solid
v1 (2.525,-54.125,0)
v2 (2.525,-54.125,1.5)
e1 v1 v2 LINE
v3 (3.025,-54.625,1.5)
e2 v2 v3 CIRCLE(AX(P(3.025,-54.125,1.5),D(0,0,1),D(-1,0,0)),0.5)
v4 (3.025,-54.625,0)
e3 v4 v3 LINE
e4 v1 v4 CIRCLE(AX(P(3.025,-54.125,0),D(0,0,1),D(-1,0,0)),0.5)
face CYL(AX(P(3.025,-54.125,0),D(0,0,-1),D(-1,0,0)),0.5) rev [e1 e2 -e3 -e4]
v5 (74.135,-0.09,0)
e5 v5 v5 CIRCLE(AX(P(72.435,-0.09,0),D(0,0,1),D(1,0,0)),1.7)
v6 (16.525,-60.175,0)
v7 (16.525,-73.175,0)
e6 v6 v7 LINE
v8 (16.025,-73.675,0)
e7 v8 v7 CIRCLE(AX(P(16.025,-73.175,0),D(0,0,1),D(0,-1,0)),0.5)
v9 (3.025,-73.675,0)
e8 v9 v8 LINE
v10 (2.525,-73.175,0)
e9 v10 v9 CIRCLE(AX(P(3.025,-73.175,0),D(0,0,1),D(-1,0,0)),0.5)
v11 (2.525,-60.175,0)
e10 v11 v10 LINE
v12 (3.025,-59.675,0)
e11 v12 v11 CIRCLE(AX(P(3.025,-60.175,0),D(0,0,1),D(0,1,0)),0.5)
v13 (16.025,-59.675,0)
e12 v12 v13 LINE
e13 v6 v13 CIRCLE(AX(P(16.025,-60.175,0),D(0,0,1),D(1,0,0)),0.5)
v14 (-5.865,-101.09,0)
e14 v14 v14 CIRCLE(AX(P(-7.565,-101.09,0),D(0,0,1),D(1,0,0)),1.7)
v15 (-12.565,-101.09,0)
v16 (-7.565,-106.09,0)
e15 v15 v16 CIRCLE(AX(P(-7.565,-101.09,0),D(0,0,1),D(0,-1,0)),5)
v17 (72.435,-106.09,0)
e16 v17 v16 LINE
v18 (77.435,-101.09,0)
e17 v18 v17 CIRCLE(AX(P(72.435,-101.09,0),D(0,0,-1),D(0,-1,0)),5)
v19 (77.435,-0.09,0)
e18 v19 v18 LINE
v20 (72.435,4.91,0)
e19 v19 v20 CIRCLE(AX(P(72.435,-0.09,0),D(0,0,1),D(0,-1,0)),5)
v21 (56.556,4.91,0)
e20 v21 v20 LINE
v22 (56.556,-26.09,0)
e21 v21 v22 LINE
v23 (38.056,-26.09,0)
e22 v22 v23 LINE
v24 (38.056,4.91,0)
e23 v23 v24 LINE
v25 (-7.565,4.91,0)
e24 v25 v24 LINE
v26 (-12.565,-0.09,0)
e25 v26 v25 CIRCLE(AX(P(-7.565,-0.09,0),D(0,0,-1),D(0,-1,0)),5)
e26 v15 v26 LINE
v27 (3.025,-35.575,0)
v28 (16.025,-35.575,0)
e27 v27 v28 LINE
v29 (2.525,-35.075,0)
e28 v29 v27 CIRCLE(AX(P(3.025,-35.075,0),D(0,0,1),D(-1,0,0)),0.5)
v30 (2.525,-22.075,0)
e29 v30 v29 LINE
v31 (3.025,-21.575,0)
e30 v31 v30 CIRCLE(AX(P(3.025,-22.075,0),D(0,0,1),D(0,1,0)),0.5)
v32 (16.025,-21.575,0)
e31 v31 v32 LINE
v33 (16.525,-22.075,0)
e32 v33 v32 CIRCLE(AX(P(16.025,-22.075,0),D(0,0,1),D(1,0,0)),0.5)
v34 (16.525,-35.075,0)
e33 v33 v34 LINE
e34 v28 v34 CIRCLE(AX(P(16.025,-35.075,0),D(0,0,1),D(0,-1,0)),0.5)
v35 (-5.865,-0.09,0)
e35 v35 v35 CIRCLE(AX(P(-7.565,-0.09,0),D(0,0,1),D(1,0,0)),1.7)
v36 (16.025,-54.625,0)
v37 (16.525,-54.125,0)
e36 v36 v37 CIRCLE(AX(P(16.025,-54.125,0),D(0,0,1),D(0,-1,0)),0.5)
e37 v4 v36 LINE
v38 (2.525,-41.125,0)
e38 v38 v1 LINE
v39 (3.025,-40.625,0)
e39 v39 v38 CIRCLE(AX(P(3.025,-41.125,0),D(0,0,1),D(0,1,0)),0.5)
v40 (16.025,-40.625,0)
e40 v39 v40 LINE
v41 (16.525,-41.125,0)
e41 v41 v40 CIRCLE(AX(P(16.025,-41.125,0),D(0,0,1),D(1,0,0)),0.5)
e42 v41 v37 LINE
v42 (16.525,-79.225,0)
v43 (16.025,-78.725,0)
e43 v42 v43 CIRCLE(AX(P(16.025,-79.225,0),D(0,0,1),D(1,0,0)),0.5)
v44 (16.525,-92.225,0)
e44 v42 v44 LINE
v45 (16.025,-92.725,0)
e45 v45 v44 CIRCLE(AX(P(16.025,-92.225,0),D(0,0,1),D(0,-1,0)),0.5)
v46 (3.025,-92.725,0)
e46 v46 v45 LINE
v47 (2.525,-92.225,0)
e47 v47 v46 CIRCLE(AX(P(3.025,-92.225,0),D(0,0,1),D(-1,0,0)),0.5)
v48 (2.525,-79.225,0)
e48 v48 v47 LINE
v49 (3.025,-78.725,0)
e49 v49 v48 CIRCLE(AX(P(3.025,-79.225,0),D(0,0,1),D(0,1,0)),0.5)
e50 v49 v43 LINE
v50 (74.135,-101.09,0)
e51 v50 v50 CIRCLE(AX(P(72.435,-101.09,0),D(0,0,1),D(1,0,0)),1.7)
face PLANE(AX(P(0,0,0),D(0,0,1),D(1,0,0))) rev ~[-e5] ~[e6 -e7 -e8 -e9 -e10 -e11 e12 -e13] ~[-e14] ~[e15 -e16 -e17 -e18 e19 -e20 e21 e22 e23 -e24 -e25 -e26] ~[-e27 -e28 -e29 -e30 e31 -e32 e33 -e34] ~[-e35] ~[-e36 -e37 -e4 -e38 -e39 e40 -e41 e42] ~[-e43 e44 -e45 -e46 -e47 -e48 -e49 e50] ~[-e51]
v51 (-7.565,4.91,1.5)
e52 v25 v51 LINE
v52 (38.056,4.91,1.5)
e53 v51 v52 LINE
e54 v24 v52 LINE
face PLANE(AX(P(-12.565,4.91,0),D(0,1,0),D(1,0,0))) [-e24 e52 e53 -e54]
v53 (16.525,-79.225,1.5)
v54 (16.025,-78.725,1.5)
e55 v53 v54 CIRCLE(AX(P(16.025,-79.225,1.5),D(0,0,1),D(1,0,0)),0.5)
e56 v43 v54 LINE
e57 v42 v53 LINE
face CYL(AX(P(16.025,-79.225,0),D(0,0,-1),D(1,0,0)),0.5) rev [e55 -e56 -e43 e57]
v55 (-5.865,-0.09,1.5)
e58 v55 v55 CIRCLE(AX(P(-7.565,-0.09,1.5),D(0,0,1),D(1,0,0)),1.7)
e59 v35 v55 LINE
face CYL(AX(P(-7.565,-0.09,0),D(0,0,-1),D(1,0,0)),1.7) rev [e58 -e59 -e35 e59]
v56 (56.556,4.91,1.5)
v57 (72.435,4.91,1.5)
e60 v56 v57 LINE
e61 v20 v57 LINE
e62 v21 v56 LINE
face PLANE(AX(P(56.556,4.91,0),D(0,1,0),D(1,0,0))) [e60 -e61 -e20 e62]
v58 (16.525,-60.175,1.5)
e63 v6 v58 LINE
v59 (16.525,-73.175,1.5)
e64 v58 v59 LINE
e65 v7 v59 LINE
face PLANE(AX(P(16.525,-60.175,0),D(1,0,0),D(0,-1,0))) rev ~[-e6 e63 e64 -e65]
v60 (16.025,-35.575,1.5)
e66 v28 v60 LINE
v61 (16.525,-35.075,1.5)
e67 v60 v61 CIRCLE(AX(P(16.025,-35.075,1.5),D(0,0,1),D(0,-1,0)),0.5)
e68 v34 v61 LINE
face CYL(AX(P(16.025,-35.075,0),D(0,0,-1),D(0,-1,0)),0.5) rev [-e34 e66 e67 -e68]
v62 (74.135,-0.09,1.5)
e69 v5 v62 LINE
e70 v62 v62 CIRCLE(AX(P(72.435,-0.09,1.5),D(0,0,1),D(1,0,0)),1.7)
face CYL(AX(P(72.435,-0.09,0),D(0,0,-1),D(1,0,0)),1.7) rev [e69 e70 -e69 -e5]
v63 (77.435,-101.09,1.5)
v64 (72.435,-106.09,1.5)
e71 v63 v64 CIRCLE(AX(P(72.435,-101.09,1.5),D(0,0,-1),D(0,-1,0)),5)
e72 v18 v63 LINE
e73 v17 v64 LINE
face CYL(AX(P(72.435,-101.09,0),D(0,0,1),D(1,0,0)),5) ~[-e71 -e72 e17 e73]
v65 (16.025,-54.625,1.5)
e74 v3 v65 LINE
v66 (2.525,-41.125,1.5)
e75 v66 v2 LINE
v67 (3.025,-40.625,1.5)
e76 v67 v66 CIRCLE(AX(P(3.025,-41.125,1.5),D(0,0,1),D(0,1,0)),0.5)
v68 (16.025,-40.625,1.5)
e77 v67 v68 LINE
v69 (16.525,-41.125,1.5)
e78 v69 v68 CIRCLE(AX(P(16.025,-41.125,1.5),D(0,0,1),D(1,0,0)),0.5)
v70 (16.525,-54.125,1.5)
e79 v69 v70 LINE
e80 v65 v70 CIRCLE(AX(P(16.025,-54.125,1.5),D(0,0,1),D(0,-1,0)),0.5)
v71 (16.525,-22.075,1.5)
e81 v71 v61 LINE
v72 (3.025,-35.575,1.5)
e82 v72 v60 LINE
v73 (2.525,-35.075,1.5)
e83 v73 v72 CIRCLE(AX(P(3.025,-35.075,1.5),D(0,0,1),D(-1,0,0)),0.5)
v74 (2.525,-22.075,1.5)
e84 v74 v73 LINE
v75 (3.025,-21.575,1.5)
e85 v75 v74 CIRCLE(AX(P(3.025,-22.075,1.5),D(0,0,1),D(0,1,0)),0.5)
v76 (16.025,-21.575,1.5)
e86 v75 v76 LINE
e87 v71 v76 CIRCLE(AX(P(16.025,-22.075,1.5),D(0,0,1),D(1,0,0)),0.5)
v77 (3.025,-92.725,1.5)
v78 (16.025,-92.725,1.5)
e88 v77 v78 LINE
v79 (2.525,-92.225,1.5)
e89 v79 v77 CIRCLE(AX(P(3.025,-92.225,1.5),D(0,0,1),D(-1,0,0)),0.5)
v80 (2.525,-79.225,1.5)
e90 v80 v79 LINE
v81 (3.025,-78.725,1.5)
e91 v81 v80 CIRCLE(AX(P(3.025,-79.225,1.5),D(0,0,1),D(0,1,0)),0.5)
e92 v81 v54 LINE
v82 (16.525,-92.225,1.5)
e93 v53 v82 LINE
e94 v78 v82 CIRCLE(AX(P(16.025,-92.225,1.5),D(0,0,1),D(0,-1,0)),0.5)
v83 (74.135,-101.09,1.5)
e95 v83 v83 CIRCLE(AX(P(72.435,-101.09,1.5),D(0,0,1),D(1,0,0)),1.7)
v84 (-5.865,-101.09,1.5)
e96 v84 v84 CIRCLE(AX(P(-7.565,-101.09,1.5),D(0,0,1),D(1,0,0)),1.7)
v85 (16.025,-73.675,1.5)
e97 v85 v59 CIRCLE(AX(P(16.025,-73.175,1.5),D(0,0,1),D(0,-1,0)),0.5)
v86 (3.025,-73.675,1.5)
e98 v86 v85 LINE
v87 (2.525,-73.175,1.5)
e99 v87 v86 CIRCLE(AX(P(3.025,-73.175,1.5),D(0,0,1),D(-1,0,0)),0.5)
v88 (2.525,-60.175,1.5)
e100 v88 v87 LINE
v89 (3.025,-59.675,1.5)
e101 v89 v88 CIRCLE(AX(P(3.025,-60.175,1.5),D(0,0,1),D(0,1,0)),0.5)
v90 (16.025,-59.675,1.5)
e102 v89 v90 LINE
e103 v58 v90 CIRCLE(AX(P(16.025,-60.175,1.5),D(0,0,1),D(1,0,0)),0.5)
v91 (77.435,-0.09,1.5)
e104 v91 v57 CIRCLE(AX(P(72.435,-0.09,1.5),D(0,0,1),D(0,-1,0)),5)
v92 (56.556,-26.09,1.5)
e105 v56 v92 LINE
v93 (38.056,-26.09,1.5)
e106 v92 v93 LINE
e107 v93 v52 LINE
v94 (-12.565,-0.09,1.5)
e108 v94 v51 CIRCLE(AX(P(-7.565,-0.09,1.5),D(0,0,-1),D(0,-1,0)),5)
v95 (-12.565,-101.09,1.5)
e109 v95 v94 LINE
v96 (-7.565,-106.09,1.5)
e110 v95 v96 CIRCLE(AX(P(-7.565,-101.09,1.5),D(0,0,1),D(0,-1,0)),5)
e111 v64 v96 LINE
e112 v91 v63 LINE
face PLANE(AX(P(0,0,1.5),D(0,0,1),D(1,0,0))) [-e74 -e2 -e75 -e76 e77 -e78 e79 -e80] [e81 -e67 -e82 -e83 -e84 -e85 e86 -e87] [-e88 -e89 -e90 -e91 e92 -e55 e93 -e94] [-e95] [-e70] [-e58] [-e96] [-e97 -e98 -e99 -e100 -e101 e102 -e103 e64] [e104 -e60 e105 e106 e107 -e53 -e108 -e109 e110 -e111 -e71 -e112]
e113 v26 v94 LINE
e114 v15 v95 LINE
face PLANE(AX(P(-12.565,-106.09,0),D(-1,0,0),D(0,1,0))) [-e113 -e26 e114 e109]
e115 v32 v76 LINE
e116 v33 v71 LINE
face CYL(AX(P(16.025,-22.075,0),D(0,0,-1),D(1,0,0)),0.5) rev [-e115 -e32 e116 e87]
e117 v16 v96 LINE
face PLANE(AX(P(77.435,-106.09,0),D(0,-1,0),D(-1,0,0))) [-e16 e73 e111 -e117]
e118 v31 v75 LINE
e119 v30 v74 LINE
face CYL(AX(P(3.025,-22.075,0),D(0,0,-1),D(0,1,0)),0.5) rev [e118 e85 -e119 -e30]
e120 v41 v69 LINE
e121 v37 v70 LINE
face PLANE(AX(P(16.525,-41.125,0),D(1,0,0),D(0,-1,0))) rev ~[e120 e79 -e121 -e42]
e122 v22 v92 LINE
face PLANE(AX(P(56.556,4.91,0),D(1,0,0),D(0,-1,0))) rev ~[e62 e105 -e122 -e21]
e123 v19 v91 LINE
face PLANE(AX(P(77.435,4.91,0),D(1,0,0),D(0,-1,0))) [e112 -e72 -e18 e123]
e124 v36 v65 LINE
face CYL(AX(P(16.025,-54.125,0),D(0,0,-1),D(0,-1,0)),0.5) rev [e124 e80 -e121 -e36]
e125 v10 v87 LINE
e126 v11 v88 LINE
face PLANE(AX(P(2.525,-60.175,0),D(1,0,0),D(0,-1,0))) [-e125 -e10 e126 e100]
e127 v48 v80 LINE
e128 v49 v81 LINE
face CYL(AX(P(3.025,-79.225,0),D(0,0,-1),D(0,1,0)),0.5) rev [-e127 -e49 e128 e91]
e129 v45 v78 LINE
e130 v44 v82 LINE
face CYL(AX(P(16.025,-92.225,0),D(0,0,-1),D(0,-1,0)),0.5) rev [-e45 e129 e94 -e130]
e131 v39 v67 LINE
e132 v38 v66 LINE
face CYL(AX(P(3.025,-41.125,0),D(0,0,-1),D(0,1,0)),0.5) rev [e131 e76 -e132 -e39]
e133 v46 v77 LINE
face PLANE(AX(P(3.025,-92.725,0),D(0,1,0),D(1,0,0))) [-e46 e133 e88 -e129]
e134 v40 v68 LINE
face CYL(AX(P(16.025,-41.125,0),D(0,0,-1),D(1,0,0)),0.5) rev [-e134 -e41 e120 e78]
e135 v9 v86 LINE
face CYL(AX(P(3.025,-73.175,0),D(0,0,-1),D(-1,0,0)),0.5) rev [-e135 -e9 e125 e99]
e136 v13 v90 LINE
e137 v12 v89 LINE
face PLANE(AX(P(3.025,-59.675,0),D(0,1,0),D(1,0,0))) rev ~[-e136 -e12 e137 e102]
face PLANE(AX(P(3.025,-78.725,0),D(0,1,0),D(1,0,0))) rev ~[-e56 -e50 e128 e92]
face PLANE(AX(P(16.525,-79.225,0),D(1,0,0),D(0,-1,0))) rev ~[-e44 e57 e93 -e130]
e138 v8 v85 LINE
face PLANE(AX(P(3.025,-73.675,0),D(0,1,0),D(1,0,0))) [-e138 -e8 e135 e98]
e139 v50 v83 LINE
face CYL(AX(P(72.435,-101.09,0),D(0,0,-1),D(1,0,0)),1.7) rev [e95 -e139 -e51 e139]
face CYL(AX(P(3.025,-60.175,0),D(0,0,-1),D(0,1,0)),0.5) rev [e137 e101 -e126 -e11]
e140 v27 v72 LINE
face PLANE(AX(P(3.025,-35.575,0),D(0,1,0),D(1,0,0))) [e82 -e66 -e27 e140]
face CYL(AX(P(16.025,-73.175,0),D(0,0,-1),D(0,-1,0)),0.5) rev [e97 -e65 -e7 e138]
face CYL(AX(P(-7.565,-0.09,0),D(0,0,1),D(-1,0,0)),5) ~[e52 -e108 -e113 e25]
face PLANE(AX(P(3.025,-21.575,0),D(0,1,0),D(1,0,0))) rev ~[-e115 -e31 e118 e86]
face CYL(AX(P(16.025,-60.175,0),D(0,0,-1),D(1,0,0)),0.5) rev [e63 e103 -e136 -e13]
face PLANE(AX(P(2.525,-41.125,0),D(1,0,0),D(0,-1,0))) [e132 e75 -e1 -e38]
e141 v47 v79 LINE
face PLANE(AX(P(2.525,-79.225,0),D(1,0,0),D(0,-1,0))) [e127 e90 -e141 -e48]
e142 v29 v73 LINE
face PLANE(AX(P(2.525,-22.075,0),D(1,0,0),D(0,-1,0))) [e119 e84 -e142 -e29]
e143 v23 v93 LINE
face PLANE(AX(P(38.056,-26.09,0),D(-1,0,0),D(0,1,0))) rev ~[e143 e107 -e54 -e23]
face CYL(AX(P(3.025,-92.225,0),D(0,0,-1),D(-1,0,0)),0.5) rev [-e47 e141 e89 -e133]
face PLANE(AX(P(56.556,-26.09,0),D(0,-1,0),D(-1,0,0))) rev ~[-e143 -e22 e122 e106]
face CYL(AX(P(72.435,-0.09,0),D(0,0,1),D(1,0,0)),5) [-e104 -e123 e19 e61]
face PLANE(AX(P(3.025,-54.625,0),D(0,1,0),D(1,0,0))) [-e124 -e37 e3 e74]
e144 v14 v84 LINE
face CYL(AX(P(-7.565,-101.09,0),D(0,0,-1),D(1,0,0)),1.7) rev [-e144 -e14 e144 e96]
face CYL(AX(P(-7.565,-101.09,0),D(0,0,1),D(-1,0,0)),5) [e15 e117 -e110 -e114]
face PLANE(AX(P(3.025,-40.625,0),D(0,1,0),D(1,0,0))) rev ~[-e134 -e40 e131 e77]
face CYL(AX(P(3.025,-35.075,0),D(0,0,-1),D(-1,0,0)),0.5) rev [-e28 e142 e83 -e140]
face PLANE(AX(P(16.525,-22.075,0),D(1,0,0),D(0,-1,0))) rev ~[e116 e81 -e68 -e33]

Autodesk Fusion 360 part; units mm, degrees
sketch "plate-2026-01-10T16_34_53.983Z" plane through (0, 0, 0) normal (0, 0, 1) x (1, 0, 0)
  line L0 (3.025, -21.575) -> (16.025, -21.575)
  line L1 (3.025, -35.575) -> (16.025, -35.575)
  line L2 (2.525, -22.075) -> (2.525, -35.075)
  line L3 (16.525, -22.075) -> (16.525, -35.075)
  arc A0 (3.025, -21.575) -> (2.525, -22.075) centre (3.025, -22.075) ccw
  arc A1 (16.525, -22.075) -> (16.025, -21.575) centre (16.025, -22.075) ccw
  arc A2 (2.525, -35.075) -> (3.025, -35.575) centre (3.025, -35.075) ccw
  arc A3 (16.025, -35.575) -> (16.525, -35.075) centre (16.025, -35.075) ccw
  line L4 (3.025, -40.625) -> (16.025, -40.625)
  line L5 (3.025, -54.625) -> (16.025, -54.625)
  line L6 (2.525, -41.125) -> (2.525, -54.125)
  line L7 (16.525, -41.125) -> (16.525, -54.125)
  arc A4 (3.025, -40.625) -> (2.525, -41.125) centre (3.025, -41.125) ccw
  arc A5 (16.525, -41.125) -> (16.025, -40.625) centre (16.025, -41.125) ccw
  arc A6 (2.525, -54.125) -> (3.025, -54.625) centre (3.025, -54.125) ccw
  arc A7 (16.025, -54.625) -> (16.525, -54.125) centre (16.025, -54.125) ccw
  line L8 (3.025, -59.675) -> (16.025, -59.675)
  line L9 (3.025, -73.675) -> (16.025, -73.675)
  line L10 (2.525, -60.175) -> (2.525, -73.175)
  line L11 (16.525, -60.175) -> (16.525, -73.175)
  arc A8 (3.025, -59.675) -> (2.525, -60.175) centre (3.025, -60.175) ccw
  arc A9 (16.525, -60.175) -> (16.025, -59.675) centre (16.025, -60.175) ccw
  arc A10 (2.525, -73.175) -> (3.025, -73.675) centre (3.025, -73.175) ccw
  arc A11 (16.025, -73.675) -> (16.525, -73.175) centre (16.025, -73.175) ccw
  line L12 (3.025, -78.725) -> (16.025, -78.725)
  line L13 (3.025, -92.725) -> (16.025, -92.725)
  line L14 (2.525, -79.225) -> (2.525, -92.225)
  line L15 (16.525, -79.225) -> (16.525, -92.225)
  arc A12 (3.025, -78.725) -> (2.525, -79.225) centre (3.025, -79.225) ccw
  arc A13 (16.525, -79.225) -> (16.025, -78.725) centre (16.025, -79.225) ccw
  arc A14 (2.525, -92.225) -> (3.025, -92.725) centre (3.025, -92.225) ccw
  arc A15 (16.025, -92.725) -> (16.525, -92.225) centre (16.025, -92.225) ccw
  line L16 (-12.565, 4.91) -> (77.435, 4.91)
  line L17 (77.435, 4.91) -> (77.435, -106.09)
  line L18 (77.435, -106.09) -> (-12.565, -106.09)
  line L19 (-12.565, -106.09) -> (-12.565, 4.91)
  line L20 (38.056, 4.91) -> (56.556, 4.91)
  line L21 (56.556, 4.91) -> (56.556, -26.09)
  line L22 (56.556, -26.09) -> (38.056, -26.09)
  line L23 (38.056, -26.09) -> (38.056, 4.91)
  circle A16 centre (-7.565, -101.09) radius 1.7
  circle A17 centre (72.435, -101.09) radius 1.7
  circle A18 centre (72.435, -0.09) radius 1.7
  circle A19 centre (-7.565, -0.09) radius 1.7
  dimension "d1" = 111
  dimension "d2" = 90
  dimension "d3" = 15.09
  dimension "d4" = 13.365
  dimension "d5" = 18.5
  dimension "d6" = 31
  dimension "d7" = 50.621
  dimension "d8" = 3.4
  dimension "d9" = 5
  dimension "d10" = 5
  dimension "d11" = 3.4
  dimension "d12" = 5
  dimension "d13" = 5
  dimension "d14" = 3.4
  dimension "d15" = 5
  dimension "d16" = 5
  dimension "d17" = 3.4
  dimension "d18" = 5
  dimension "d19" = 5
sketch "Sketch2" plane through (0, 0, 0) normal (0, 0, 1) x (1, 0, 0)
sketch "Sketch3" plane through (0, 0, 0) normal (0, 0, 1) x (1, 0, 0)
extrude "Extrude1" add sketch "plate-2026-01-10T16_34_53.983Z" along normal blind 1.5 contours L16 L17 L18 L19 L21 L22 L23
fillet "Fillet1" radius 5 1 edges at (77.435, -106.09, 0.75)
fillet "Fillet2" radius 5 1 edges at (77.435, 4.91, 0.75)
fillet "Fillet3" radius 5 1 edges at (-12.565, 4.91, 0.75)
fillet "Fillet4" radius 5 1 edges at (-12.565, -106.09, 0.75)
